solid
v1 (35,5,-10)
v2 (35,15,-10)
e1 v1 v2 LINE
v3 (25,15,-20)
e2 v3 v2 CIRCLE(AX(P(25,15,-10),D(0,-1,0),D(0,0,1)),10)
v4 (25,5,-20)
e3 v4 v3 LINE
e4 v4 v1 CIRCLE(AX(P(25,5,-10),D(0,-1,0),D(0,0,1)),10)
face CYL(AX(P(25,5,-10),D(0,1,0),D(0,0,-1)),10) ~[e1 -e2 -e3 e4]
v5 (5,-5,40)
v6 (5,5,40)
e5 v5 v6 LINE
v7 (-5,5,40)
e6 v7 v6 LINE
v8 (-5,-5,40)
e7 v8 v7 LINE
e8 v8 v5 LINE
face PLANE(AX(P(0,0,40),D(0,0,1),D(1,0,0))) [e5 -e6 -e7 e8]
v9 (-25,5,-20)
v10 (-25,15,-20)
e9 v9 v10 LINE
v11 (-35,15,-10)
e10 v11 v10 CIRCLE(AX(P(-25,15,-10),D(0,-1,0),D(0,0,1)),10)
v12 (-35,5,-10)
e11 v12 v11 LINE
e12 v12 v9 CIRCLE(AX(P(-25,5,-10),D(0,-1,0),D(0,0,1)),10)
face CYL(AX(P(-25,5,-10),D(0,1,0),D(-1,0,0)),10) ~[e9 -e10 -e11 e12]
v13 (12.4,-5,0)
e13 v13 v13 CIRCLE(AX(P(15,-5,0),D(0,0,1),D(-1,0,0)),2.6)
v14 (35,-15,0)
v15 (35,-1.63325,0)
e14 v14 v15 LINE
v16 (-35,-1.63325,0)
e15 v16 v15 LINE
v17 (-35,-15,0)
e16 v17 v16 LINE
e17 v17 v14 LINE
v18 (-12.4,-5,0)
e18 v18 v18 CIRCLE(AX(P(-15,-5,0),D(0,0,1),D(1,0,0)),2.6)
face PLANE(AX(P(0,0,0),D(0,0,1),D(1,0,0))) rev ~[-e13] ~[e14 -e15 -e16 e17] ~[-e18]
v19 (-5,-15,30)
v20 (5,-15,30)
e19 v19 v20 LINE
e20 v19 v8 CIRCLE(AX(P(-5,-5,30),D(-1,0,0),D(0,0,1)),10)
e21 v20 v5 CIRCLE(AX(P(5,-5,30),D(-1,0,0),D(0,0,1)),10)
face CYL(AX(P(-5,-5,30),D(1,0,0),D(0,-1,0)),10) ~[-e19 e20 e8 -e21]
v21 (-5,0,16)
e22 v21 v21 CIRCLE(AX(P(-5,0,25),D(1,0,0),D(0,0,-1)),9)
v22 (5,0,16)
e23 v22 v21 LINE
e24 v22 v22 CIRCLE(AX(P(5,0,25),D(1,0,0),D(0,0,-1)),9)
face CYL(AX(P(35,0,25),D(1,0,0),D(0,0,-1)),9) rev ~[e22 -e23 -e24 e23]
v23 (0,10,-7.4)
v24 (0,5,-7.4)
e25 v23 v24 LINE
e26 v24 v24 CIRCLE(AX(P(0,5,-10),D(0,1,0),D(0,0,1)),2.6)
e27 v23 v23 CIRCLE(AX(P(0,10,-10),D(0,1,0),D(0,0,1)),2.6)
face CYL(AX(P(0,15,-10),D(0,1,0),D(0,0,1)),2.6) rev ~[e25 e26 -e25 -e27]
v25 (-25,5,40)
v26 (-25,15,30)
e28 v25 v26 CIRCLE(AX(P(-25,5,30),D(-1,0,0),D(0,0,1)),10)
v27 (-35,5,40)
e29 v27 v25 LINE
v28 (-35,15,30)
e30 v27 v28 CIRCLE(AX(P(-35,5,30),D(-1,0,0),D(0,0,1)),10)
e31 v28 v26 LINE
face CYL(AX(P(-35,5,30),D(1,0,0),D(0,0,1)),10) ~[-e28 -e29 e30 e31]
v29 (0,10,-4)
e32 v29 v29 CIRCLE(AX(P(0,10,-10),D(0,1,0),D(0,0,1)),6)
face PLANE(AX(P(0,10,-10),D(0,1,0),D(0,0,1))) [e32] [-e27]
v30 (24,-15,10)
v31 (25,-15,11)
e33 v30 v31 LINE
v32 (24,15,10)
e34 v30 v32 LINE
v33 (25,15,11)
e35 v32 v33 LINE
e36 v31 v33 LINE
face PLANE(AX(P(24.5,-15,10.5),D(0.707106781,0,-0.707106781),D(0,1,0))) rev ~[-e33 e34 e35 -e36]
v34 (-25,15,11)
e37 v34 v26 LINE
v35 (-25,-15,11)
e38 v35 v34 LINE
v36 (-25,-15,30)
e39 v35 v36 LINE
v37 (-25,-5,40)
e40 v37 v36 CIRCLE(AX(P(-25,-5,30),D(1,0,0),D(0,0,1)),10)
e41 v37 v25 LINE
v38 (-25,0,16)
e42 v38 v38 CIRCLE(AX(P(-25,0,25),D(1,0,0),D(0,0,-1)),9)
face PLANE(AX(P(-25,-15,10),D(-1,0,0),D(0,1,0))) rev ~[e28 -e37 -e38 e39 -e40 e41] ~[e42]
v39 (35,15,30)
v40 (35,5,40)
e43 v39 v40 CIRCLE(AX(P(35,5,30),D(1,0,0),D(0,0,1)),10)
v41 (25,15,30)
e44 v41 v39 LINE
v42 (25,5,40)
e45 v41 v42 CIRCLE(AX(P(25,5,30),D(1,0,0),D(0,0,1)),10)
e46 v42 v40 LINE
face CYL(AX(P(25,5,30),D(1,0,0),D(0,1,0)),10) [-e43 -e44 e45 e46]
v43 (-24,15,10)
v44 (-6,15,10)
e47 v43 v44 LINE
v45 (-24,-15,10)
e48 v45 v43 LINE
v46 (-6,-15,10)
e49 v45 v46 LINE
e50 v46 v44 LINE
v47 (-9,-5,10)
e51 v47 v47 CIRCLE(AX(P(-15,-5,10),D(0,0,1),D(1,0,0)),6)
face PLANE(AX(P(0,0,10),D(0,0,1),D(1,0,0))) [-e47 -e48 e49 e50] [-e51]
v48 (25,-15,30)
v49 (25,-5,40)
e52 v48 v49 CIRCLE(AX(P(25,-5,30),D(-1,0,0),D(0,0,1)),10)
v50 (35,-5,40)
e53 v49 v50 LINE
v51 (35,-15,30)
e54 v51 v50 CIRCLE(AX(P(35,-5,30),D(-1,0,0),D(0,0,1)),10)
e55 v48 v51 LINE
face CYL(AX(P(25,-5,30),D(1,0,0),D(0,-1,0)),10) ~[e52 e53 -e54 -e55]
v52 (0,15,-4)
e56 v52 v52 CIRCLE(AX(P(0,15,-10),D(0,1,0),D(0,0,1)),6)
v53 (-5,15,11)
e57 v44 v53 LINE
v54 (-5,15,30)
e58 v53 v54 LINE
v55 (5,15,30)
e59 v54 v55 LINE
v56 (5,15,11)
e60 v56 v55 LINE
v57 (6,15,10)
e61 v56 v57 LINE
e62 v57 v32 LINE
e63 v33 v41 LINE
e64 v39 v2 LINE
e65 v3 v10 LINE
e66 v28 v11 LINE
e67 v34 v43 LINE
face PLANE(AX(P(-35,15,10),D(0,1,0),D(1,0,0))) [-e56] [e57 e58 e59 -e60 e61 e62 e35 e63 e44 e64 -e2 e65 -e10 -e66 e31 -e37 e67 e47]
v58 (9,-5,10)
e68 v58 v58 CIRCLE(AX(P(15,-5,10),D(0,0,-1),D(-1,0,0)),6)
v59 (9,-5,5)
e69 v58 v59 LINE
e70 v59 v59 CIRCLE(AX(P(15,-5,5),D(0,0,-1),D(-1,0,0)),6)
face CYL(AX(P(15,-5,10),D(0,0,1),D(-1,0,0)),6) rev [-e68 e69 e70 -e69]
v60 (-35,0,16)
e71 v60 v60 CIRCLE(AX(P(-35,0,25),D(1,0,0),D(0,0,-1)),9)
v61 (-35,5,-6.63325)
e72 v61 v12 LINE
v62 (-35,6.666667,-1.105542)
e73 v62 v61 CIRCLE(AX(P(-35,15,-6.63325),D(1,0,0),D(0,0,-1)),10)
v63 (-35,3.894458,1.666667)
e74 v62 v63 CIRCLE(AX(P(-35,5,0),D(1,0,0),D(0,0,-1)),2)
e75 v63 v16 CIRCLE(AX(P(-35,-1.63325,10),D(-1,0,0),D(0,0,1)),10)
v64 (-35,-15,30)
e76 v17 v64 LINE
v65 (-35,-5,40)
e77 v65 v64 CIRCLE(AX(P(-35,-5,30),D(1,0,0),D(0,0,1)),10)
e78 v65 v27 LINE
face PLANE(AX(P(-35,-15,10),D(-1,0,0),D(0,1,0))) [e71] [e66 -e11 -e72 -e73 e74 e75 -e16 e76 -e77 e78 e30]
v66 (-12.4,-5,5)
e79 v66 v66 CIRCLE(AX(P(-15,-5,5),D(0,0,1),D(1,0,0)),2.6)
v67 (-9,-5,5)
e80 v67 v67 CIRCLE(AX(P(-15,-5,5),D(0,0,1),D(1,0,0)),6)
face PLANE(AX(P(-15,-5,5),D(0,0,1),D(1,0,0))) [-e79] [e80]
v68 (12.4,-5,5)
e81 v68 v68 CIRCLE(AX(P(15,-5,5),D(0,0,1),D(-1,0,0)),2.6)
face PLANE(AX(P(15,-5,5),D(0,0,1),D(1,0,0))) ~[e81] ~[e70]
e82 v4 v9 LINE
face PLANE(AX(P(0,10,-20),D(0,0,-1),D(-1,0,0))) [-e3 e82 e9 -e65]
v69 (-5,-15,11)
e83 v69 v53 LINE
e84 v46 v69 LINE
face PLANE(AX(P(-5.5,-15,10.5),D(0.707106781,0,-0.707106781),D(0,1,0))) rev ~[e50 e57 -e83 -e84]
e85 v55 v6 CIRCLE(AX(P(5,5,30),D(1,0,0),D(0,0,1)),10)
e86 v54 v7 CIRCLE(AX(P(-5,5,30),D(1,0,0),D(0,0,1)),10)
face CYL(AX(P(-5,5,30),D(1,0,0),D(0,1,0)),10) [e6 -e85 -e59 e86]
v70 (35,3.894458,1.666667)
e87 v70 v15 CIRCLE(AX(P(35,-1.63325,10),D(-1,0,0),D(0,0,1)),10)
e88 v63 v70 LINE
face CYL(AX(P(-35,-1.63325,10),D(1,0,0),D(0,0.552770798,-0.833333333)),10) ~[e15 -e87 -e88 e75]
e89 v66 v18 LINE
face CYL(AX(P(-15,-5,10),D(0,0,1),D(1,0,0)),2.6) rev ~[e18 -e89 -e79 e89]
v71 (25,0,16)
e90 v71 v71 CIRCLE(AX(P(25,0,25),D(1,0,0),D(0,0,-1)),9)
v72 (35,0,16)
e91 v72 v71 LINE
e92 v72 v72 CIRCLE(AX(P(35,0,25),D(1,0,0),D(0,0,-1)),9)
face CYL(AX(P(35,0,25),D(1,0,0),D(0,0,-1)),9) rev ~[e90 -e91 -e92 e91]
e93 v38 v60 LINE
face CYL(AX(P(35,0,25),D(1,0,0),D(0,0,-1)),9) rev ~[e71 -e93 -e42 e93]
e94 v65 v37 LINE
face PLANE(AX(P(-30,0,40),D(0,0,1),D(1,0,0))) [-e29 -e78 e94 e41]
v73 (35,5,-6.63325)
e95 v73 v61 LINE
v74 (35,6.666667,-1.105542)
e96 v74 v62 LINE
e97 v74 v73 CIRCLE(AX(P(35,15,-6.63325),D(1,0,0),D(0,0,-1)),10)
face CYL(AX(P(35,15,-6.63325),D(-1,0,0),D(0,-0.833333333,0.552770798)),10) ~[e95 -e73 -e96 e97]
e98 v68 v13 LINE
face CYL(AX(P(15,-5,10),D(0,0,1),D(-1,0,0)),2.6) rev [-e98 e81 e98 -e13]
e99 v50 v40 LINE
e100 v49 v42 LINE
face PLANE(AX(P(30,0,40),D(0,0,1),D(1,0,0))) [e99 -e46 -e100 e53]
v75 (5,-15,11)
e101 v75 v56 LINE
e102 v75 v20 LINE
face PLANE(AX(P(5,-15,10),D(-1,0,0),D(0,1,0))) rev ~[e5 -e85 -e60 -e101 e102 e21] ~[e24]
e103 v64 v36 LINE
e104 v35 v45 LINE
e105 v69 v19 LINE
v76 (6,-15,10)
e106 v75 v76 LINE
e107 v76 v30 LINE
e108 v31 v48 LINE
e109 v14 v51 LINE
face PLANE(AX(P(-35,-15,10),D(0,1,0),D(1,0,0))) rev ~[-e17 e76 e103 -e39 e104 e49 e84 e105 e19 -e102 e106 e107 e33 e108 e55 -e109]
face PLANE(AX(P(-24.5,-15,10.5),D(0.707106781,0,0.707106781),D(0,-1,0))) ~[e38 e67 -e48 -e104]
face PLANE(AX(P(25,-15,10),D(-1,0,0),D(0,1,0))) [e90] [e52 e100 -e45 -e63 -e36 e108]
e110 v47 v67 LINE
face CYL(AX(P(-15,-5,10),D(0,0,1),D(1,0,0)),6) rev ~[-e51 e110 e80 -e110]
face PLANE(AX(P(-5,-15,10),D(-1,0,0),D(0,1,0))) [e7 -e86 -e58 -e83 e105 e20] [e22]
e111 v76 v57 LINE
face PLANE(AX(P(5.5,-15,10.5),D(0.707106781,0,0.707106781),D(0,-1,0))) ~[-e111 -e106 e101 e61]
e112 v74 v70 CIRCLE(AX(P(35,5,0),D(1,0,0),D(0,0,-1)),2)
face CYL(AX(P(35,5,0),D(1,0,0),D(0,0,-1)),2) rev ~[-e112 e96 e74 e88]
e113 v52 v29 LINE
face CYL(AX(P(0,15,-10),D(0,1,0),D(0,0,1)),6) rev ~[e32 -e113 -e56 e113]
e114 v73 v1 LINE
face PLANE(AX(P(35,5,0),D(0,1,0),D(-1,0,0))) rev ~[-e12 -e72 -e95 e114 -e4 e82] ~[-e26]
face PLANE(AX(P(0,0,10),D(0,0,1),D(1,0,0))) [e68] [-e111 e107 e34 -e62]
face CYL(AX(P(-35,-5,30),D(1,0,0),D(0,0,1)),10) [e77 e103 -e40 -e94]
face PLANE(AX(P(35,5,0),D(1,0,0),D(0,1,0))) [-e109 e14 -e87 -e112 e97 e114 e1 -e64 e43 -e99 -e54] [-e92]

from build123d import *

# Parameters (mm, degrees)
SZKIC1_W                    = 70
SZKIC1_H                    = 30
DODANIE_WYCI_GNI_CIE1_DEPTH = 10
SZKIC2_W                    = 70
SZKIC2_H                    = 10
DODANIE_WYCI_GNI_CIE2_DEPTH = 20
SZKIC3_R                    = 2
WYTNIJ_WYCI_GNI_CIE1_DEPTH  = 75.330343737
ZAOKR_GLENIE1_R             = 10
SZKIC4_W                    = 10
SZKIC4_H                    = 30
DODANIE_WYCI_GNI_CIE3_DEPTH = 30
SZKIC5_R                    = 2.6
WYTNIJ_WYCI_GNI_CIE2_DEPTH  = 49.476798574
SZKIC6_R                    = 6
WYTNIJ_WYCI_GNI_CIE3_DEPTH  = 5
SZKIC7_R                    = 2.6
WYTNIJ_WYCI_GNI_CIE4_DEPTH  = 62.032778079
SZKIC8_R                    = 6
WYTNIJ_WYCI_GNI_CIE5_DEPTH  = 5
ZAOKR_GLENIE2_R             = 10
SZKIC9_R                    = 9
WYTNIJ_WYCI_GNI_CIE6_DEPTH  = 83.006097334
SFAZOWANIE1_SIZE            = 1


with BuildPart() as part:
    # Szkic1 → Dodanie-wyciągnięcie1 (new body)
    with BuildSketch(Plane.XY):
        Rectangle(SZKIC1_W, SZKIC1_H)
    extrude(amount=DODANIE_WYCI_GNI_CIE1_DEPTH)

    # Szkic2 → Dodanie-wyciągnięcie2 (add)
    with BuildSketch(Plane(origin=(0, 0, 0), x_dir=(-1, 0, 0), z_dir=(0, 0, -1))):
        with Locations((0, 10)):
            Rectangle(SZKIC2_W, SZKIC2_H)
    extrude(amount=DODANIE_WYCI_GNI_CIE2_DEPTH)

    # Szkic3 → Wytnij-wyciągnięcie1 (cut, through all)
    with BuildSketch(Plane(origin=(35, 0, 0), x_dir=(0, 0, -1), z_dir=(1, 0, 0))):
        with Locations((0, 5)):
            Circle(SZKIC3_R)
    extrude(amount=-WYTNIJ_WYCI_GNI_CIE1_DEPTH, mode=Mode.SUBTRACT)

    # Zaokrąglenie1
    zaokr_glenie1_edges = [part.edges().sort_by_distance(p)[0] for p in [
        (0, 5, -2),
        (0, 3, 0),
    ]]
    fillet(zaokr_glenie1_edges, radius=ZAOKR_GLENIE1_R)

    # Szkic4 → Dodanie-wyciągnięcie3 (add)
    with BuildSketch(Plane.XY.offset(10)):
        with Locations((-30, 0)):
            Rectangle(SZKIC4_W, SZKIC4_H)
        Rectangle(SZKIC4_W, SZKIC4_H)
        with Locations((30, 0)):
            Rectangle(SZKIC4_W, SZKIC4_H)
    extrude(amount=DODANIE_WYCI_GNI_CIE3_DEPTH)

    # Szkic5 → Wytnij-wyciągnięcie2 (cut, through all)
    with BuildSketch(Plane.XY.offset(10)):
        with Locations((-15, -5)):
            Circle(SZKIC5_R)
    wytnij_wyci_gni_cie2 = extrude(amount=-WYTNIJ_WYCI_GNI_CIE2_DEPTH, mode=Mode.SUBTRACT)

    # Szkic6 → Wytnij-wyciągnięcie3 (cut)
    with BuildSketch(Plane.XY.offset(10)):
        with Locations((-15, -5)):
            Circle(SZKIC6_R)
    wytnij_wyci_gni_cie3 = extrude(amount=-WYTNIJ_WYCI_GNI_CIE3_DEPTH, mode=Mode.SUBTRACT)

    # Lustro1: Wytnij-wyciągnięcie2, Wytnij-wyciągnięcie3 across plane
    add(wytnij_wyci_gni_cie2.mirror(Plane.ZY), mode=Mode.SUBTRACT)
    add(wytnij_wyci_gni_cie3.mirror(Plane.ZY), mode=Mode.SUBTRACT)

    # Szkic7 → Wytnij-wyciągnięcie4 (cut, through all)
    with BuildSketch(Plane(origin=(0, 15, 0), x_dir=(1, 0, 0), z_dir=(0, 1, 0))):
        with Locations(Location((0, 10, 0), (0, 0, 270))):
            Circle(SZKIC7_R)
    extrude(amount=-WYTNIJ_WYCI_GNI_CIE4_DEPTH, mode=Mode.SUBTRACT)

    # Szkic8 → Wytnij-wyciągnięcie5 (cut)
    with BuildSketch(Plane(origin=(0, 15, 0), x_dir=(1, 0, 0), z_dir=(0, 1, 0))):
        with Locations(Location((0, 10, 0), (0, 0, 270))):
            Circle(SZKIC8_R)
    extrude(amount=-WYTNIJ_WYCI_GNI_CIE5_DEPTH, mode=Mode.SUBTRACT)

    # Zaokrąglenie2
    zaokr_glenie2_edges = [part.edges().sort_by_distance(p)[0] for p in [
        (35, 10, -20),
        (-35, 10, -20),
        (-30, -15, 40),
        (-30, 15, 40),
        (0, -15, 40),
        (0, 15, 40),
        (30, 15, 40),
        (30, -15, 40),
    ]]
    fillet(zaokr_glenie2_edges, radius=ZAOKR_GLENIE2_R)

    # Szkic9 → Wytnij-wyciągnięcie6 (cut, through all)
    with BuildSketch(Plane(origin=(35, 0, 0), x_dir=(0, 0, -1), z_dir=(1, 0, 0))):
        with Locations((-25, 0)):
            Circle(SZKIC9_R)
    extrude(amount=-WYTNIJ_WYCI_GNI_CIE6_DEPTH, mode=Mode.SUBTRACT)

    # Sfazowanie1
    sfazowanie1_edges = [part.edges().sort_by_distance(p)[0] for p in [
        (-25, 0, 10),
        (-5, 0, 10),
        (5, 0, 10),
        (25, 0, 10),
    ]]
    chamfer(sfazowanie1_edges, length=SFAZOWANIE1_SIZE)


solid = part.part
